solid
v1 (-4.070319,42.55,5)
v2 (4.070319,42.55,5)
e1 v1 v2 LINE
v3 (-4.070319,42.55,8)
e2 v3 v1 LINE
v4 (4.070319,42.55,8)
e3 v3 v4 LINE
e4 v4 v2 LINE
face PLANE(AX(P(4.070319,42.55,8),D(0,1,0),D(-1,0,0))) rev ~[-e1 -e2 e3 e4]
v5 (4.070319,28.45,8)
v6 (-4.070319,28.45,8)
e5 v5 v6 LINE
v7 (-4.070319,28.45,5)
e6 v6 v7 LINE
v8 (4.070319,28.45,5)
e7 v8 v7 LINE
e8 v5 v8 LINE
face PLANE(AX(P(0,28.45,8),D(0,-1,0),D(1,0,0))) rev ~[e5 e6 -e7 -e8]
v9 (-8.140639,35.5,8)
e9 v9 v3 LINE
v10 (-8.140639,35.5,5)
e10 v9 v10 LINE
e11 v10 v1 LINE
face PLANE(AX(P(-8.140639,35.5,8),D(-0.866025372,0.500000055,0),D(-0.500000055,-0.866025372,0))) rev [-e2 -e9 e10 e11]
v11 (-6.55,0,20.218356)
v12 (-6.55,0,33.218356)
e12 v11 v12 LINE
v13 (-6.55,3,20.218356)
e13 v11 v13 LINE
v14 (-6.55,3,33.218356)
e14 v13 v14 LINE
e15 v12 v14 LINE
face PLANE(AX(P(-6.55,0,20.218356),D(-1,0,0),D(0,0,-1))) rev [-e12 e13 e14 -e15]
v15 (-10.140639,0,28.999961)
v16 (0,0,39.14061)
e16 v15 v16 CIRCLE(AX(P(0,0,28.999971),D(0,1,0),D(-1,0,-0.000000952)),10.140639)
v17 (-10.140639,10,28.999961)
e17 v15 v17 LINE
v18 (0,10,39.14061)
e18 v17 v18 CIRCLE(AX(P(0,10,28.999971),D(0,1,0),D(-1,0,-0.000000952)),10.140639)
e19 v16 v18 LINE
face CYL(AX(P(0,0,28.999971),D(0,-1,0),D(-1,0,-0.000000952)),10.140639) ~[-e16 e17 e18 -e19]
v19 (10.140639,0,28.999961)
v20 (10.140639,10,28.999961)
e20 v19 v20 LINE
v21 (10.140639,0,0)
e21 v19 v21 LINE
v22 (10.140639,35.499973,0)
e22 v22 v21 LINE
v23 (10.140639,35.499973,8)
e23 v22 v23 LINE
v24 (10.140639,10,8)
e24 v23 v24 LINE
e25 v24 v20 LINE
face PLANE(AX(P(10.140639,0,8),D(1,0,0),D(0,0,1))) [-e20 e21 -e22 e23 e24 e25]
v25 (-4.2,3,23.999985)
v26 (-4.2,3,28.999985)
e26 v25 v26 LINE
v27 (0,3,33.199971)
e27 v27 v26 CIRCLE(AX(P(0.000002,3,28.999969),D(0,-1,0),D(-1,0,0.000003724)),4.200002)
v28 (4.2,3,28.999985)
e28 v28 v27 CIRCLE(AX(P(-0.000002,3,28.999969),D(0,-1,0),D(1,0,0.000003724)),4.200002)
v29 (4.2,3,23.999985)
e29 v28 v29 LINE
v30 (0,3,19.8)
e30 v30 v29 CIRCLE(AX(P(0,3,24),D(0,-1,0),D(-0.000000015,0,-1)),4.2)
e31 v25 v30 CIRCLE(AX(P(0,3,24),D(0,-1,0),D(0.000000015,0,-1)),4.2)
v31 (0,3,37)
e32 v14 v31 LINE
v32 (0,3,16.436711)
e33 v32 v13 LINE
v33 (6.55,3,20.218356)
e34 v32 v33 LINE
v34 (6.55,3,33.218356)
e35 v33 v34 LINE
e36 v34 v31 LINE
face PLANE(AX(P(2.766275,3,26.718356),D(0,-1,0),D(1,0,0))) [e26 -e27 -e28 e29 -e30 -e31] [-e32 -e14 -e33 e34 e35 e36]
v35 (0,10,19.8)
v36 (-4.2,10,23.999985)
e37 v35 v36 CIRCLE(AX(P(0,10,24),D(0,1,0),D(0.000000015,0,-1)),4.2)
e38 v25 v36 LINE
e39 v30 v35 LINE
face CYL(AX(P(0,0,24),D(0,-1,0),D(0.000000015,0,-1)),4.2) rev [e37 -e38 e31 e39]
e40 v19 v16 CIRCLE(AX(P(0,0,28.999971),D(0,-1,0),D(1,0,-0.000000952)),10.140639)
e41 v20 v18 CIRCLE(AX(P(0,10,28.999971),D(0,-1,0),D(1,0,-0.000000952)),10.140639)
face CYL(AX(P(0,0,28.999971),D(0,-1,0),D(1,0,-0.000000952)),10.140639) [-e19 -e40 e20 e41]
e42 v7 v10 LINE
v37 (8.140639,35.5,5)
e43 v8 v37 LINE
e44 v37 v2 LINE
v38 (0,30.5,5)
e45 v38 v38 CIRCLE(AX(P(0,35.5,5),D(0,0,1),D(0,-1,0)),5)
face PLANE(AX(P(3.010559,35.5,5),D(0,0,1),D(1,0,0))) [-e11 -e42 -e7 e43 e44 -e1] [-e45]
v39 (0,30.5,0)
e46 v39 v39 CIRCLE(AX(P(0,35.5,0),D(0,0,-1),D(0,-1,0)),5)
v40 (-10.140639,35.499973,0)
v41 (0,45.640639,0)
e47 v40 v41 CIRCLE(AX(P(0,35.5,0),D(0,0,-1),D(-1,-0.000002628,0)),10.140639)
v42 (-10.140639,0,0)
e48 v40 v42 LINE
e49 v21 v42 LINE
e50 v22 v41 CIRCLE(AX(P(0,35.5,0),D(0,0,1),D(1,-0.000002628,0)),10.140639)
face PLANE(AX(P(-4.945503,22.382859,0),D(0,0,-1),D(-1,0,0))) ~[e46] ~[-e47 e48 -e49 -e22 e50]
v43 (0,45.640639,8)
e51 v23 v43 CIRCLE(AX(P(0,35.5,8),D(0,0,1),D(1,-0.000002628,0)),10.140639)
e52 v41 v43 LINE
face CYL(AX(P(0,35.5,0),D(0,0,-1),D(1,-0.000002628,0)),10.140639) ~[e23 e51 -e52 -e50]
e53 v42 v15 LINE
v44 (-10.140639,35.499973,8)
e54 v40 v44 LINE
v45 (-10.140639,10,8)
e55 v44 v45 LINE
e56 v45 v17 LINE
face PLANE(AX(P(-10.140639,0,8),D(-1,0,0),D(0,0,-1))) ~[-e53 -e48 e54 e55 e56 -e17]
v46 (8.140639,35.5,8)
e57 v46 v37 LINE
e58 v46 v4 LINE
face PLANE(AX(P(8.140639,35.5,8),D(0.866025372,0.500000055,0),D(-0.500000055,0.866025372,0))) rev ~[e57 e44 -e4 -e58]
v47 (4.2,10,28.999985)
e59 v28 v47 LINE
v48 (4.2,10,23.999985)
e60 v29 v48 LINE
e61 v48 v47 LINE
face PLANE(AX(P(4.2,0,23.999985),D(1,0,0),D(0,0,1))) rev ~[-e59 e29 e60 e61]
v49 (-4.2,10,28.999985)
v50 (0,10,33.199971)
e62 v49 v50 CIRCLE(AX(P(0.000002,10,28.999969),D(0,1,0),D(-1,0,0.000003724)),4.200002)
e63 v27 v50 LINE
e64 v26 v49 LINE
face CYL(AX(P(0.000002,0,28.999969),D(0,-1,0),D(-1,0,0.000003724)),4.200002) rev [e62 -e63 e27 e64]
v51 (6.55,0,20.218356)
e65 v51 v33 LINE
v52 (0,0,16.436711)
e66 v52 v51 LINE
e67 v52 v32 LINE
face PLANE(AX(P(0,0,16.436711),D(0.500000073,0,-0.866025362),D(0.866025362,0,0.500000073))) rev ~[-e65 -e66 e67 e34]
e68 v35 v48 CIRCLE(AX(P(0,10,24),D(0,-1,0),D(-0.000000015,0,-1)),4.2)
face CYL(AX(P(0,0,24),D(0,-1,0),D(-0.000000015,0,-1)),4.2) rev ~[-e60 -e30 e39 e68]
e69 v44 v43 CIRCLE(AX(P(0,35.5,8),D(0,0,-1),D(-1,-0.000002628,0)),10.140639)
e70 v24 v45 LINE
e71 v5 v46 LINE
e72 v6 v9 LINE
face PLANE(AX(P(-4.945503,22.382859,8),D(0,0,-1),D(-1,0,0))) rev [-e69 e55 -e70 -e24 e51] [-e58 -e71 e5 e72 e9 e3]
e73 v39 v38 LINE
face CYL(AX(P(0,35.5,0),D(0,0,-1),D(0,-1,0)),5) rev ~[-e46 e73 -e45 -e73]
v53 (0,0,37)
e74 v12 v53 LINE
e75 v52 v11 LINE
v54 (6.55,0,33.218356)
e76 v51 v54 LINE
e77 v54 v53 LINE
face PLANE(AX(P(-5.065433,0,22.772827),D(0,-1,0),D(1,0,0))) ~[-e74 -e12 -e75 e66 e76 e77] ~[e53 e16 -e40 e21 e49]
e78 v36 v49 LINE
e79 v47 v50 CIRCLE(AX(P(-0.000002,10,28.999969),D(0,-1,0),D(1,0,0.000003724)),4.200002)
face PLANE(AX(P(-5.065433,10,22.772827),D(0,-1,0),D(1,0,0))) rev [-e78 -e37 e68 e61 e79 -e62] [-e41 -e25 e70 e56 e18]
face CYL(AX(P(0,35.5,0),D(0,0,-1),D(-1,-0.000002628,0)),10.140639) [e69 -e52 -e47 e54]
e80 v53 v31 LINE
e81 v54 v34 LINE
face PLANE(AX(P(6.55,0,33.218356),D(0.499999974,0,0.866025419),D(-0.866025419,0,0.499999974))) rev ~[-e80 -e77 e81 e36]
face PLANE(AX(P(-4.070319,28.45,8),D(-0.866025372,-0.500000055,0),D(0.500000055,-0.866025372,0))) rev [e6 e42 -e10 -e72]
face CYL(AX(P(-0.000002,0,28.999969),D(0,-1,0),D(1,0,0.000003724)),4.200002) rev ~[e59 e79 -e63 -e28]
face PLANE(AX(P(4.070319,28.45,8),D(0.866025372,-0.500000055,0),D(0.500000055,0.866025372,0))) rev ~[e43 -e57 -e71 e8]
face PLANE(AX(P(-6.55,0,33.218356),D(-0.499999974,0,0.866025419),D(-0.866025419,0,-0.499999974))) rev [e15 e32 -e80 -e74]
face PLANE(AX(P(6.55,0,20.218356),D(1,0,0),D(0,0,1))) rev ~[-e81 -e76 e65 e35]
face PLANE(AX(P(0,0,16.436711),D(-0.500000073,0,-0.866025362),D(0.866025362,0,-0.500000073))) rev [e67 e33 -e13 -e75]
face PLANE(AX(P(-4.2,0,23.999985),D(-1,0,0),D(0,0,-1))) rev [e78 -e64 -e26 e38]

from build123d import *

# Parameters (mm, degrees)
PAD_DEPTH       = 8
PAD001_DEPTH    = 10
POCKET_DEPTH    = 3
POCKET001_DEPTH = 3


with BuildPart() as part:
    # Sketch → Pad (new body)
    with BuildSketch(Plane.XY):
        with BuildLine():
            ThreePointArc((0, 30.5), (5, 35.5), (0, 40.5))
            Line((0, 40.5), (0, 45.640639))
            ThreePointArc((10.140639, 35.499973), (7.170524, 42.670505), (0, 45.640639))
            Line((10.140639, 35.499973), (10.140639, 0))
            Line((0, 0), (10.140639, 0))
            Line((0, 30.5), (0, 0))
        make_face()
    pad = extrude(amount=PAD_DEPTH)

    # Sketch001 (on Face6 of Pad) → Pad001 (join)
    with BuildSketch(Plane.XZ):
        with BuildLine():
            ThreePointArc((10.140639, 28.999961), (7.170518, 36.170482), (0, 39.14061))
            Line((0, 39.14061), (0, 33.199971))
            ThreePointArc((4.2, 28.999985), (2.969843, 31.969824), (0, 33.199971))
            Line((4.2, 23.999985), (4.2, 28.999985))
            ThreePointArc((0, 19.8), (2.969843, 21.030146), (4.2, 23.999985))
            Line((0, 19.8), (0, 8))
            Line((0, 8), (10.140639, 8))
            Line((10.140639, 8), (10.140639, 28.999961))
        make_face()
    pad001 = extrude(amount=-PAD001_DEPTH)

    # Sketch002 (on Face9 of Pad001) → Pocket (cut)
    with BuildSketch(Plane.XZ):
        Polygon((0, 16.436711), (6.55, 20.218356), (6.55, 33.218356), (0, 37), align=None)
    pocket = extrude(amount=-POCKET_DEPTH, mode=Mode.SUBTRACT)

    # Sketch003 (on Face5 of Pocket) → Pocket001 (cut)
    with BuildSketch(Plane.XY.offset(8)):
        Polygon((4.070319, 28.45), (8.140639, 35.5), (4.070319, 42.55), (0, 42.55), (0, 28.45), align=None)
    pocket001 = extrude(amount=-POCKET001_DEPTH, mode=Mode.SUBTRACT)

    # Mirrored: Pad, Pad001, Pocket, Pocket001 across Sketch V_Axis
    add(pad.mirror(Plane(origin=(0, 0, 0), x_dir=(0, 0, 1), z_dir=(1, 0, 0))))
    add(pad001.mirror(Plane(origin=(0, 0, 0), x_dir=(0, 0, 1), z_dir=(1, 0, 0))))
    add(pocket.mirror(Plane(origin=(0, 0, 0), x_dir=(0, 0, 1), z_dir=(1, 0, 0))), mode=Mode.SUBTRACT)
    add(pocket001.mirror(Plane(origin=(0, 0, 0), x_dir=(0, 0, 1), z_dir=(1, 0, 0))), mode=Mode.SUBTRACT)


solid = part.part
